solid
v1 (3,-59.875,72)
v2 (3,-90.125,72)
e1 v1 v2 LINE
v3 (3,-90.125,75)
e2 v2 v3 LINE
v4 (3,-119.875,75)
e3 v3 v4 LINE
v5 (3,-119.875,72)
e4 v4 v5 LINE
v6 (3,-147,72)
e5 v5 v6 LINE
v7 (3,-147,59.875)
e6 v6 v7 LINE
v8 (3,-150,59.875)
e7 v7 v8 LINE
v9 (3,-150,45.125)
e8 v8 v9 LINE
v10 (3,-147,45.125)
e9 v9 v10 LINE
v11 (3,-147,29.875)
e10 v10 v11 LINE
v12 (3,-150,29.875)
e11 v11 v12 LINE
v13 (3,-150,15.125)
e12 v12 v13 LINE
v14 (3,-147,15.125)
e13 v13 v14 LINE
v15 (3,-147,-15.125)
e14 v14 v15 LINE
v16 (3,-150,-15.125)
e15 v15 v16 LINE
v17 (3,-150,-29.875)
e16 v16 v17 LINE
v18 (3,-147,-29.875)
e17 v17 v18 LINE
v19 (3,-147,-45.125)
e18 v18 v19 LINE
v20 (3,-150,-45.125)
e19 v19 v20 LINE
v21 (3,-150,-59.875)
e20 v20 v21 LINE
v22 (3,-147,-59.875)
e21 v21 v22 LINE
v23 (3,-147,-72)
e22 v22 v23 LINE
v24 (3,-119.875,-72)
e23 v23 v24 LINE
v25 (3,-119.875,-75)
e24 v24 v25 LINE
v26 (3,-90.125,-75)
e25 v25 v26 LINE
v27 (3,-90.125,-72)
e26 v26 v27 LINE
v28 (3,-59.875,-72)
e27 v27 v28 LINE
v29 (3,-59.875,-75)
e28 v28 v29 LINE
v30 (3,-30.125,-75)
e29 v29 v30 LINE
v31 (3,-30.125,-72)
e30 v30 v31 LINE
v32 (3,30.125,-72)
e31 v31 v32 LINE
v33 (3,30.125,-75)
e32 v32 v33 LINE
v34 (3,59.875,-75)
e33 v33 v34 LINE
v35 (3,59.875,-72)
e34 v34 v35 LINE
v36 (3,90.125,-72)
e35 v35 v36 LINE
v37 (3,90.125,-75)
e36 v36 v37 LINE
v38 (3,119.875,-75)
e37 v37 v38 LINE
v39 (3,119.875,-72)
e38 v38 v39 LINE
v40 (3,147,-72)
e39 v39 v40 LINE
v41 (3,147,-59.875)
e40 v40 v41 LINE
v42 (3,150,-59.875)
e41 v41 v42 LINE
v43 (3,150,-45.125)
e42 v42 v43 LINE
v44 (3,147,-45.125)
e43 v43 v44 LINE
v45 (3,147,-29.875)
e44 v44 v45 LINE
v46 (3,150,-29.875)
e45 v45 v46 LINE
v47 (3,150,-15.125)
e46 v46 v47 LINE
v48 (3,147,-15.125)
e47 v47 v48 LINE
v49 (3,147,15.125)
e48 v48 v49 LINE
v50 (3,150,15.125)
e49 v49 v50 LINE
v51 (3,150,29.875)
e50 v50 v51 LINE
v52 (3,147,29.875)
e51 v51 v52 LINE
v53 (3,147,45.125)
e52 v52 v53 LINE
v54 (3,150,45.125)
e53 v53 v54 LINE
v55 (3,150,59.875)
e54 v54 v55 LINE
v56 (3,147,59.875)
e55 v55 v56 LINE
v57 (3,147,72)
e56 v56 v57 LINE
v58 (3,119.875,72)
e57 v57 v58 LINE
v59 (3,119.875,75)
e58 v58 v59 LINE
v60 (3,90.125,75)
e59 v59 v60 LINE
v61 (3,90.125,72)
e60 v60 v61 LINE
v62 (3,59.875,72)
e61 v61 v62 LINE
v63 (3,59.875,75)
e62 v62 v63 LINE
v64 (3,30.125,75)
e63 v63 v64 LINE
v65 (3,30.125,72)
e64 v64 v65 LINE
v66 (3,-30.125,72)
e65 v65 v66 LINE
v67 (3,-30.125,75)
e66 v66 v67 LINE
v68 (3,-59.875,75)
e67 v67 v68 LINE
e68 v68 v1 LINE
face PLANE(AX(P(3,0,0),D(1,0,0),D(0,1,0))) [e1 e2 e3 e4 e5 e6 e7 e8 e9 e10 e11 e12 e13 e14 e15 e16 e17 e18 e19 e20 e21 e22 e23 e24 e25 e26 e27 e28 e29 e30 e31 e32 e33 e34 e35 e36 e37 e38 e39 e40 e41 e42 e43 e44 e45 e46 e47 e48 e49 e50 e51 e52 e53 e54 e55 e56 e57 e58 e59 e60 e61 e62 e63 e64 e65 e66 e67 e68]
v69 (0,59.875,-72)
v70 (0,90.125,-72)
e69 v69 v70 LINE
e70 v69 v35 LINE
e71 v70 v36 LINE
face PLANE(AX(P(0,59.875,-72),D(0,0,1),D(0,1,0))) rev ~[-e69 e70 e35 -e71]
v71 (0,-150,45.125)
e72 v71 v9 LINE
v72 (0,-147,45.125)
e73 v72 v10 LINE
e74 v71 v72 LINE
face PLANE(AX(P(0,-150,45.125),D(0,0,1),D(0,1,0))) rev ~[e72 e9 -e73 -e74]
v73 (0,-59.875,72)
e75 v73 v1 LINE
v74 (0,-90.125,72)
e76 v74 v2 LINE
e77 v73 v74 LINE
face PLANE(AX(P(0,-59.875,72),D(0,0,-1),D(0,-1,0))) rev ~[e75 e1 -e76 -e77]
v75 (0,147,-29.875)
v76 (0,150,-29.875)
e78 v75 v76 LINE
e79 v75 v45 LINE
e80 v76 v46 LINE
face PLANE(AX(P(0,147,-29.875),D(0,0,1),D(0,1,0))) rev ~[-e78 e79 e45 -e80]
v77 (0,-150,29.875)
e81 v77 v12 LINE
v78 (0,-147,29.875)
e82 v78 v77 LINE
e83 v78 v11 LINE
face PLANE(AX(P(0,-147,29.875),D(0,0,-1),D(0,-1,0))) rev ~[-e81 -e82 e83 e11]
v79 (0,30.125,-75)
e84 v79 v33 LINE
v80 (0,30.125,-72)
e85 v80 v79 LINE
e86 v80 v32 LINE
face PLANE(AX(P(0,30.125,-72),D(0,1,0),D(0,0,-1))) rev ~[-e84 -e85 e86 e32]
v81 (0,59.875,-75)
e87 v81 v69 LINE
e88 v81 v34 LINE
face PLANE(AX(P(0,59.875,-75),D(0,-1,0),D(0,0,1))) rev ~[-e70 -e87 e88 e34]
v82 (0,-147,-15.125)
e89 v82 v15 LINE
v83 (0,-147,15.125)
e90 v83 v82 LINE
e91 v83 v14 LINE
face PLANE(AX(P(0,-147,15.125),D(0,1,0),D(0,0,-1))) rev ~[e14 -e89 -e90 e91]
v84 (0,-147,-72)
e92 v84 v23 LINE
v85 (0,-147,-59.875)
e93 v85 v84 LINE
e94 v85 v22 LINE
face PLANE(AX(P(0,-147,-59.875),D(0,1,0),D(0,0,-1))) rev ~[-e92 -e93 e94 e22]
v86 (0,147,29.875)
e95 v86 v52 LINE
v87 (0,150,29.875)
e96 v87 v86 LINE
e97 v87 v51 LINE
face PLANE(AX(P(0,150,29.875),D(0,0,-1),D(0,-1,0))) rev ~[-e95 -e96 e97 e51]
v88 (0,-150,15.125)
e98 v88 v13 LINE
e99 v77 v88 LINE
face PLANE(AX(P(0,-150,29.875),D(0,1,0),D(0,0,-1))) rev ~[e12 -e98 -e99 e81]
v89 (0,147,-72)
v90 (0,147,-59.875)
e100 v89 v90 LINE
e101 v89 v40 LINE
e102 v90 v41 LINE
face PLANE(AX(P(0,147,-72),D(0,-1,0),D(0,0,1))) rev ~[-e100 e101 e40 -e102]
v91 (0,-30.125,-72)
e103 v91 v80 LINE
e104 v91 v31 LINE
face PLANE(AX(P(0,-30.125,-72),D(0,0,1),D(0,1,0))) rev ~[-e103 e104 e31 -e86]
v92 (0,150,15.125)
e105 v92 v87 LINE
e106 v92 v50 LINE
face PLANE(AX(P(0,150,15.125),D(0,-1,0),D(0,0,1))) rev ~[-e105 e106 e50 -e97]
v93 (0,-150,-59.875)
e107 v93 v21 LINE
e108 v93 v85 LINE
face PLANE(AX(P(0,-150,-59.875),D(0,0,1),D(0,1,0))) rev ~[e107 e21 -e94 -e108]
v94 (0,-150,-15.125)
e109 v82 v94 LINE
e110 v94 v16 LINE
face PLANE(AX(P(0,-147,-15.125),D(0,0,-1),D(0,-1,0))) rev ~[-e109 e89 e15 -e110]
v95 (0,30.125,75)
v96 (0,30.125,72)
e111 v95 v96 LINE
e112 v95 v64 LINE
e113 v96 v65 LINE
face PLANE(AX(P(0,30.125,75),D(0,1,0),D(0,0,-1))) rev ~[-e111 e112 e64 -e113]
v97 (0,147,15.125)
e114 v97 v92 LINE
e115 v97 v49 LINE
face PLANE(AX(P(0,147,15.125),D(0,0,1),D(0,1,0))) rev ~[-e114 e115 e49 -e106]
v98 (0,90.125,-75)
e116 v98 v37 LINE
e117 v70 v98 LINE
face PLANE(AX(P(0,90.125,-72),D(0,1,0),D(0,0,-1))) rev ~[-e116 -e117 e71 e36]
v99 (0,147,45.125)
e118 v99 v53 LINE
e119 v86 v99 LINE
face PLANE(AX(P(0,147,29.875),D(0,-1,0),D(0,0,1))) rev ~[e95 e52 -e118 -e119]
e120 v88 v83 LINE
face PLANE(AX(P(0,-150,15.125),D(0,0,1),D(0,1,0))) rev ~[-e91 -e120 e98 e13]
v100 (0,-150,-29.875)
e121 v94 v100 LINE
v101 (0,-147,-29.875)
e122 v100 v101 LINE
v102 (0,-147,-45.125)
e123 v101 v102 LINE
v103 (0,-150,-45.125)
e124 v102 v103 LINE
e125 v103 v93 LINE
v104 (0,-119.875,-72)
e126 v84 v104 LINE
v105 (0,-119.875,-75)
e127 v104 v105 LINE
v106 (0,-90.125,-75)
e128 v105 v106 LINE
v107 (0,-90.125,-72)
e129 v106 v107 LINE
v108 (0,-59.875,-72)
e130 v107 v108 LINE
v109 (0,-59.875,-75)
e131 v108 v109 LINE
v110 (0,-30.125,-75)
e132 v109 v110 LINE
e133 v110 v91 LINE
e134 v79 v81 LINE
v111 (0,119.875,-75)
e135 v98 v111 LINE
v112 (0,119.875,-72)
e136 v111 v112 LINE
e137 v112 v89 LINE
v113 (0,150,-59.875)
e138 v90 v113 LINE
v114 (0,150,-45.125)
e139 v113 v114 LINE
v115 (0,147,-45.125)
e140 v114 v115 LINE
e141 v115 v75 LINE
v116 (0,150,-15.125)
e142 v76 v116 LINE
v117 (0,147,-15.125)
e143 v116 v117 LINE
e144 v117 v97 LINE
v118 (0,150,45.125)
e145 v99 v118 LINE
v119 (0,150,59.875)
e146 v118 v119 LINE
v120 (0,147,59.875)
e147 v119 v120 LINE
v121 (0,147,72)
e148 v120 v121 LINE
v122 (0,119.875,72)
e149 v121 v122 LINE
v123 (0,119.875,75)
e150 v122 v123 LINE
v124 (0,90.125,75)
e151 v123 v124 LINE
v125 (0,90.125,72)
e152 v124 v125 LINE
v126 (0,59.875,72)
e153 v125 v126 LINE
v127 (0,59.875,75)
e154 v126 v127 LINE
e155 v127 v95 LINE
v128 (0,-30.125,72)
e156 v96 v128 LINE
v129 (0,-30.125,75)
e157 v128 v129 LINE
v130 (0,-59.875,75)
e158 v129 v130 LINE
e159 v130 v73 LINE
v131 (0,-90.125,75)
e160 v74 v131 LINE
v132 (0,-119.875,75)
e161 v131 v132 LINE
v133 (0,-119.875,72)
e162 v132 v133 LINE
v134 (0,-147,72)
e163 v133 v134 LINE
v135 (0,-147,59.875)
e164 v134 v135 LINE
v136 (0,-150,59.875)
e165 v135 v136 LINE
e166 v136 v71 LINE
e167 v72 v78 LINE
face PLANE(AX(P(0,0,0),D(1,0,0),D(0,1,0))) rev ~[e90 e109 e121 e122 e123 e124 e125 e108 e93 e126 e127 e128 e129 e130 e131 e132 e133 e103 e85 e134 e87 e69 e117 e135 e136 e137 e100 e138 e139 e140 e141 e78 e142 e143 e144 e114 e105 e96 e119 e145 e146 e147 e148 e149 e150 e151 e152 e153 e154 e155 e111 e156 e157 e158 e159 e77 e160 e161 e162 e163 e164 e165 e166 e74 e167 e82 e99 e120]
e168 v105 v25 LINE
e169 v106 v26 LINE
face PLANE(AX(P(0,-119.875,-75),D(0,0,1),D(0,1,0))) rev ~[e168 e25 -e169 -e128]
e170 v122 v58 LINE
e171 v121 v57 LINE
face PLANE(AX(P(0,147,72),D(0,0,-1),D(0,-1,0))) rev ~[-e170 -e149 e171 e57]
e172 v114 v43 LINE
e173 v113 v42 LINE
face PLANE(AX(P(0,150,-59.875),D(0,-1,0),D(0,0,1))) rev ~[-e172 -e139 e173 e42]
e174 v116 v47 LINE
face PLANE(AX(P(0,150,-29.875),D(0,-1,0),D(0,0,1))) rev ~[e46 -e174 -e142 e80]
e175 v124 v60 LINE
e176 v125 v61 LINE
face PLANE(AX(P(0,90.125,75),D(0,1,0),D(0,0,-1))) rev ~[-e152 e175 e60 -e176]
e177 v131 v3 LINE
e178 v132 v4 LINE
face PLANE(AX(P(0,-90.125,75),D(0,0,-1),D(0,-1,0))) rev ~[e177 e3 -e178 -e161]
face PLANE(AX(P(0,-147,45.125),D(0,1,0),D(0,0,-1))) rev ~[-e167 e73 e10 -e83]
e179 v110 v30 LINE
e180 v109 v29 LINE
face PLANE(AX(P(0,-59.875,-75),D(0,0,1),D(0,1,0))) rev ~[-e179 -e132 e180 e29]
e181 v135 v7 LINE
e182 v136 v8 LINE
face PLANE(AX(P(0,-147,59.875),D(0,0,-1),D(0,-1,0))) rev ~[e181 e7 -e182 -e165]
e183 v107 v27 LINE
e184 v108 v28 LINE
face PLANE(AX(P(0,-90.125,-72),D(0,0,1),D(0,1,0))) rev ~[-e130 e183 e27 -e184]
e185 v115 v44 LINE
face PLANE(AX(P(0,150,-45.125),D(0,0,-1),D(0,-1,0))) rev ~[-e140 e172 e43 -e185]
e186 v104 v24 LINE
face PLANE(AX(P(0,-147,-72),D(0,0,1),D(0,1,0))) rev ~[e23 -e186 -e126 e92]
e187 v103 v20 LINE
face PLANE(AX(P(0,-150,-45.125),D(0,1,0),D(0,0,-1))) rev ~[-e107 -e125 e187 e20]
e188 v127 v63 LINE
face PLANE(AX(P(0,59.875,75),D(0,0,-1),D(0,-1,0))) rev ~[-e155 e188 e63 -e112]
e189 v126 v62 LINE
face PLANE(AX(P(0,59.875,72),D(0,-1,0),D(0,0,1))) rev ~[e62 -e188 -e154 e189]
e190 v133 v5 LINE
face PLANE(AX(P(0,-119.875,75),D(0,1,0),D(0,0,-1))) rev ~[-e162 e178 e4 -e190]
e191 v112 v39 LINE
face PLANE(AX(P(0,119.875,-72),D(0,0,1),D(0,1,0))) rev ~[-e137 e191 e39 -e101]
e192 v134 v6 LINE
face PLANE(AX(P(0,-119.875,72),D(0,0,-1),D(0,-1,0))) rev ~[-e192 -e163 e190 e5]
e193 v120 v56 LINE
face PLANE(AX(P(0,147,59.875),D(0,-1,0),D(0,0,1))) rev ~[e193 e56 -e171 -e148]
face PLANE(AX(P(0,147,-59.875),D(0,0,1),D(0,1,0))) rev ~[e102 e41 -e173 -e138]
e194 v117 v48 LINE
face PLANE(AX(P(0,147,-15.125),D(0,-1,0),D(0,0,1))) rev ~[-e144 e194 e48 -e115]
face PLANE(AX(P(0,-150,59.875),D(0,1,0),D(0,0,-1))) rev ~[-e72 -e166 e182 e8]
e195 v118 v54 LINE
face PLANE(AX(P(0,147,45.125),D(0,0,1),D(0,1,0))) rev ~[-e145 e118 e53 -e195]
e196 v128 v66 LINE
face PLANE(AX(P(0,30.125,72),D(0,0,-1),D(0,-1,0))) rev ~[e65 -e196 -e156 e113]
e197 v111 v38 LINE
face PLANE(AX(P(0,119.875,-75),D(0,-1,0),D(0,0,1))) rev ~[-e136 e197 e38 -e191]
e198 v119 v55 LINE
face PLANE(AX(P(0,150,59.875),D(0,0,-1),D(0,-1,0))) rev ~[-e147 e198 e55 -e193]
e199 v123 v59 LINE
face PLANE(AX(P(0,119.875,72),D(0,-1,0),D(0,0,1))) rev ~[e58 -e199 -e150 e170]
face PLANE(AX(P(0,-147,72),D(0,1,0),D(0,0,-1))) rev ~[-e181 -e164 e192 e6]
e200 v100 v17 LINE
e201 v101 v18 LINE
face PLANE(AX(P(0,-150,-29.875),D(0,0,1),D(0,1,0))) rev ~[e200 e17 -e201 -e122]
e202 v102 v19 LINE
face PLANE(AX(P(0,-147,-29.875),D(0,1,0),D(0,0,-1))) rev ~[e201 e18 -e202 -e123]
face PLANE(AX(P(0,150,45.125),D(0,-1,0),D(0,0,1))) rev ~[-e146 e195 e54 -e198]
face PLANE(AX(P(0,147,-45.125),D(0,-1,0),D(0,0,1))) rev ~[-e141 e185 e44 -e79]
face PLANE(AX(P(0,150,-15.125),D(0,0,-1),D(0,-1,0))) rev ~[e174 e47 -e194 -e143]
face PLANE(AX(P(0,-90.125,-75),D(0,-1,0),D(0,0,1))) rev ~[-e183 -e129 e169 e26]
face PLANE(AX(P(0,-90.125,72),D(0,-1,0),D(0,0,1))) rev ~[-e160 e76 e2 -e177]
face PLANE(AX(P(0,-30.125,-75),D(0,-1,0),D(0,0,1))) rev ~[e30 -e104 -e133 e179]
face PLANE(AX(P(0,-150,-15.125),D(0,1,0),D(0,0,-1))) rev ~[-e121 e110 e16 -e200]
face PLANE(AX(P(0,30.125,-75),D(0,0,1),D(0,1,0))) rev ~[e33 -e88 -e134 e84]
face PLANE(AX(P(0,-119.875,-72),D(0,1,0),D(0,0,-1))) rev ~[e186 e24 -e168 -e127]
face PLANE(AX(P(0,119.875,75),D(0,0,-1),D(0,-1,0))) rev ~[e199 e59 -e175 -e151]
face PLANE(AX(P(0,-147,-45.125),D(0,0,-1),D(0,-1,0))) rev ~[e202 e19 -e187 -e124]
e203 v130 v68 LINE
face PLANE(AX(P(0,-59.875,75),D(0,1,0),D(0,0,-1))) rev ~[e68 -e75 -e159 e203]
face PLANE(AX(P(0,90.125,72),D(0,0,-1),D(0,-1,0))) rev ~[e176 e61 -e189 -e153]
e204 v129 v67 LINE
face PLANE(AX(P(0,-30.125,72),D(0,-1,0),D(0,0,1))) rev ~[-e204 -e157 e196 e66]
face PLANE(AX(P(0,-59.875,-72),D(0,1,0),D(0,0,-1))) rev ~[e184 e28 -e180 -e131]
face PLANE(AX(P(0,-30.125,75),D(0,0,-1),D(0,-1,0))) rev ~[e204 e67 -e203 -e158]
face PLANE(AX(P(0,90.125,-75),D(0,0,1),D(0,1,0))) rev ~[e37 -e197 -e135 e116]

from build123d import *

# Parameters (mm, degrees)
F1_DEPTH = 3


with BuildPart() as f1:
    # F0 (on Right) → F1 (new body)
    with BuildSketch(Plane.YZ):
        Polygon((-119.875, -72), (-119.875, -75), (-90.125, -75), (-90.125, -72), (-59.875, -72), (-59.875, -75), (-30.125, -75), (-30.125, -72), (0, -72), (30.125, -72), (30.125, -75), (59.875, -75), (59.875, -72), (90.125, -72), (90.125, -75), (119.875, -75), (119.875, -72), (147, -72), (147, -59.875), (150, -59.875), (150, -45.125), (147, -45.125), (147, -29.875), (150, -29.875), (150, -15.125), (147, -15.125), (147, 15.125), (150, 15.125), (150, 29.875), (147, 29.875), (147, 45.125), (150, 45.125), (150, 59.875), (147, 59.875), (147, 72), (119.875, 72), (119.875, 75), (90.125, 75), (90.125, 72), (59.875, 72), (59.875, 75), (30.125, 75), (30.125, 72), (0, 72), (-30.125, 72), (-30.125, 75), (-59.875, 75), (-59.875, 72), (-90.125, 72), (-90.125, 75), (-119.875, 75), (-119.875, 72), (-147, 72), (-147, 59.875), (-150, 59.875), (-150, 45.125), (-147, 45.125), (-147, 29.875), (-150, 29.875), (-150, 15.125), (-147, 15.125), (-147, -15.125), (-150, -15.125), (-150, -29.875), (-147, -29.875), (-147, -45.125), (-150, -45.125), (-150, -59.875), (-147, -59.875), (-147, -72), align=None)
    extrude(amount=F1_DEPTH)


solid = f1.part
